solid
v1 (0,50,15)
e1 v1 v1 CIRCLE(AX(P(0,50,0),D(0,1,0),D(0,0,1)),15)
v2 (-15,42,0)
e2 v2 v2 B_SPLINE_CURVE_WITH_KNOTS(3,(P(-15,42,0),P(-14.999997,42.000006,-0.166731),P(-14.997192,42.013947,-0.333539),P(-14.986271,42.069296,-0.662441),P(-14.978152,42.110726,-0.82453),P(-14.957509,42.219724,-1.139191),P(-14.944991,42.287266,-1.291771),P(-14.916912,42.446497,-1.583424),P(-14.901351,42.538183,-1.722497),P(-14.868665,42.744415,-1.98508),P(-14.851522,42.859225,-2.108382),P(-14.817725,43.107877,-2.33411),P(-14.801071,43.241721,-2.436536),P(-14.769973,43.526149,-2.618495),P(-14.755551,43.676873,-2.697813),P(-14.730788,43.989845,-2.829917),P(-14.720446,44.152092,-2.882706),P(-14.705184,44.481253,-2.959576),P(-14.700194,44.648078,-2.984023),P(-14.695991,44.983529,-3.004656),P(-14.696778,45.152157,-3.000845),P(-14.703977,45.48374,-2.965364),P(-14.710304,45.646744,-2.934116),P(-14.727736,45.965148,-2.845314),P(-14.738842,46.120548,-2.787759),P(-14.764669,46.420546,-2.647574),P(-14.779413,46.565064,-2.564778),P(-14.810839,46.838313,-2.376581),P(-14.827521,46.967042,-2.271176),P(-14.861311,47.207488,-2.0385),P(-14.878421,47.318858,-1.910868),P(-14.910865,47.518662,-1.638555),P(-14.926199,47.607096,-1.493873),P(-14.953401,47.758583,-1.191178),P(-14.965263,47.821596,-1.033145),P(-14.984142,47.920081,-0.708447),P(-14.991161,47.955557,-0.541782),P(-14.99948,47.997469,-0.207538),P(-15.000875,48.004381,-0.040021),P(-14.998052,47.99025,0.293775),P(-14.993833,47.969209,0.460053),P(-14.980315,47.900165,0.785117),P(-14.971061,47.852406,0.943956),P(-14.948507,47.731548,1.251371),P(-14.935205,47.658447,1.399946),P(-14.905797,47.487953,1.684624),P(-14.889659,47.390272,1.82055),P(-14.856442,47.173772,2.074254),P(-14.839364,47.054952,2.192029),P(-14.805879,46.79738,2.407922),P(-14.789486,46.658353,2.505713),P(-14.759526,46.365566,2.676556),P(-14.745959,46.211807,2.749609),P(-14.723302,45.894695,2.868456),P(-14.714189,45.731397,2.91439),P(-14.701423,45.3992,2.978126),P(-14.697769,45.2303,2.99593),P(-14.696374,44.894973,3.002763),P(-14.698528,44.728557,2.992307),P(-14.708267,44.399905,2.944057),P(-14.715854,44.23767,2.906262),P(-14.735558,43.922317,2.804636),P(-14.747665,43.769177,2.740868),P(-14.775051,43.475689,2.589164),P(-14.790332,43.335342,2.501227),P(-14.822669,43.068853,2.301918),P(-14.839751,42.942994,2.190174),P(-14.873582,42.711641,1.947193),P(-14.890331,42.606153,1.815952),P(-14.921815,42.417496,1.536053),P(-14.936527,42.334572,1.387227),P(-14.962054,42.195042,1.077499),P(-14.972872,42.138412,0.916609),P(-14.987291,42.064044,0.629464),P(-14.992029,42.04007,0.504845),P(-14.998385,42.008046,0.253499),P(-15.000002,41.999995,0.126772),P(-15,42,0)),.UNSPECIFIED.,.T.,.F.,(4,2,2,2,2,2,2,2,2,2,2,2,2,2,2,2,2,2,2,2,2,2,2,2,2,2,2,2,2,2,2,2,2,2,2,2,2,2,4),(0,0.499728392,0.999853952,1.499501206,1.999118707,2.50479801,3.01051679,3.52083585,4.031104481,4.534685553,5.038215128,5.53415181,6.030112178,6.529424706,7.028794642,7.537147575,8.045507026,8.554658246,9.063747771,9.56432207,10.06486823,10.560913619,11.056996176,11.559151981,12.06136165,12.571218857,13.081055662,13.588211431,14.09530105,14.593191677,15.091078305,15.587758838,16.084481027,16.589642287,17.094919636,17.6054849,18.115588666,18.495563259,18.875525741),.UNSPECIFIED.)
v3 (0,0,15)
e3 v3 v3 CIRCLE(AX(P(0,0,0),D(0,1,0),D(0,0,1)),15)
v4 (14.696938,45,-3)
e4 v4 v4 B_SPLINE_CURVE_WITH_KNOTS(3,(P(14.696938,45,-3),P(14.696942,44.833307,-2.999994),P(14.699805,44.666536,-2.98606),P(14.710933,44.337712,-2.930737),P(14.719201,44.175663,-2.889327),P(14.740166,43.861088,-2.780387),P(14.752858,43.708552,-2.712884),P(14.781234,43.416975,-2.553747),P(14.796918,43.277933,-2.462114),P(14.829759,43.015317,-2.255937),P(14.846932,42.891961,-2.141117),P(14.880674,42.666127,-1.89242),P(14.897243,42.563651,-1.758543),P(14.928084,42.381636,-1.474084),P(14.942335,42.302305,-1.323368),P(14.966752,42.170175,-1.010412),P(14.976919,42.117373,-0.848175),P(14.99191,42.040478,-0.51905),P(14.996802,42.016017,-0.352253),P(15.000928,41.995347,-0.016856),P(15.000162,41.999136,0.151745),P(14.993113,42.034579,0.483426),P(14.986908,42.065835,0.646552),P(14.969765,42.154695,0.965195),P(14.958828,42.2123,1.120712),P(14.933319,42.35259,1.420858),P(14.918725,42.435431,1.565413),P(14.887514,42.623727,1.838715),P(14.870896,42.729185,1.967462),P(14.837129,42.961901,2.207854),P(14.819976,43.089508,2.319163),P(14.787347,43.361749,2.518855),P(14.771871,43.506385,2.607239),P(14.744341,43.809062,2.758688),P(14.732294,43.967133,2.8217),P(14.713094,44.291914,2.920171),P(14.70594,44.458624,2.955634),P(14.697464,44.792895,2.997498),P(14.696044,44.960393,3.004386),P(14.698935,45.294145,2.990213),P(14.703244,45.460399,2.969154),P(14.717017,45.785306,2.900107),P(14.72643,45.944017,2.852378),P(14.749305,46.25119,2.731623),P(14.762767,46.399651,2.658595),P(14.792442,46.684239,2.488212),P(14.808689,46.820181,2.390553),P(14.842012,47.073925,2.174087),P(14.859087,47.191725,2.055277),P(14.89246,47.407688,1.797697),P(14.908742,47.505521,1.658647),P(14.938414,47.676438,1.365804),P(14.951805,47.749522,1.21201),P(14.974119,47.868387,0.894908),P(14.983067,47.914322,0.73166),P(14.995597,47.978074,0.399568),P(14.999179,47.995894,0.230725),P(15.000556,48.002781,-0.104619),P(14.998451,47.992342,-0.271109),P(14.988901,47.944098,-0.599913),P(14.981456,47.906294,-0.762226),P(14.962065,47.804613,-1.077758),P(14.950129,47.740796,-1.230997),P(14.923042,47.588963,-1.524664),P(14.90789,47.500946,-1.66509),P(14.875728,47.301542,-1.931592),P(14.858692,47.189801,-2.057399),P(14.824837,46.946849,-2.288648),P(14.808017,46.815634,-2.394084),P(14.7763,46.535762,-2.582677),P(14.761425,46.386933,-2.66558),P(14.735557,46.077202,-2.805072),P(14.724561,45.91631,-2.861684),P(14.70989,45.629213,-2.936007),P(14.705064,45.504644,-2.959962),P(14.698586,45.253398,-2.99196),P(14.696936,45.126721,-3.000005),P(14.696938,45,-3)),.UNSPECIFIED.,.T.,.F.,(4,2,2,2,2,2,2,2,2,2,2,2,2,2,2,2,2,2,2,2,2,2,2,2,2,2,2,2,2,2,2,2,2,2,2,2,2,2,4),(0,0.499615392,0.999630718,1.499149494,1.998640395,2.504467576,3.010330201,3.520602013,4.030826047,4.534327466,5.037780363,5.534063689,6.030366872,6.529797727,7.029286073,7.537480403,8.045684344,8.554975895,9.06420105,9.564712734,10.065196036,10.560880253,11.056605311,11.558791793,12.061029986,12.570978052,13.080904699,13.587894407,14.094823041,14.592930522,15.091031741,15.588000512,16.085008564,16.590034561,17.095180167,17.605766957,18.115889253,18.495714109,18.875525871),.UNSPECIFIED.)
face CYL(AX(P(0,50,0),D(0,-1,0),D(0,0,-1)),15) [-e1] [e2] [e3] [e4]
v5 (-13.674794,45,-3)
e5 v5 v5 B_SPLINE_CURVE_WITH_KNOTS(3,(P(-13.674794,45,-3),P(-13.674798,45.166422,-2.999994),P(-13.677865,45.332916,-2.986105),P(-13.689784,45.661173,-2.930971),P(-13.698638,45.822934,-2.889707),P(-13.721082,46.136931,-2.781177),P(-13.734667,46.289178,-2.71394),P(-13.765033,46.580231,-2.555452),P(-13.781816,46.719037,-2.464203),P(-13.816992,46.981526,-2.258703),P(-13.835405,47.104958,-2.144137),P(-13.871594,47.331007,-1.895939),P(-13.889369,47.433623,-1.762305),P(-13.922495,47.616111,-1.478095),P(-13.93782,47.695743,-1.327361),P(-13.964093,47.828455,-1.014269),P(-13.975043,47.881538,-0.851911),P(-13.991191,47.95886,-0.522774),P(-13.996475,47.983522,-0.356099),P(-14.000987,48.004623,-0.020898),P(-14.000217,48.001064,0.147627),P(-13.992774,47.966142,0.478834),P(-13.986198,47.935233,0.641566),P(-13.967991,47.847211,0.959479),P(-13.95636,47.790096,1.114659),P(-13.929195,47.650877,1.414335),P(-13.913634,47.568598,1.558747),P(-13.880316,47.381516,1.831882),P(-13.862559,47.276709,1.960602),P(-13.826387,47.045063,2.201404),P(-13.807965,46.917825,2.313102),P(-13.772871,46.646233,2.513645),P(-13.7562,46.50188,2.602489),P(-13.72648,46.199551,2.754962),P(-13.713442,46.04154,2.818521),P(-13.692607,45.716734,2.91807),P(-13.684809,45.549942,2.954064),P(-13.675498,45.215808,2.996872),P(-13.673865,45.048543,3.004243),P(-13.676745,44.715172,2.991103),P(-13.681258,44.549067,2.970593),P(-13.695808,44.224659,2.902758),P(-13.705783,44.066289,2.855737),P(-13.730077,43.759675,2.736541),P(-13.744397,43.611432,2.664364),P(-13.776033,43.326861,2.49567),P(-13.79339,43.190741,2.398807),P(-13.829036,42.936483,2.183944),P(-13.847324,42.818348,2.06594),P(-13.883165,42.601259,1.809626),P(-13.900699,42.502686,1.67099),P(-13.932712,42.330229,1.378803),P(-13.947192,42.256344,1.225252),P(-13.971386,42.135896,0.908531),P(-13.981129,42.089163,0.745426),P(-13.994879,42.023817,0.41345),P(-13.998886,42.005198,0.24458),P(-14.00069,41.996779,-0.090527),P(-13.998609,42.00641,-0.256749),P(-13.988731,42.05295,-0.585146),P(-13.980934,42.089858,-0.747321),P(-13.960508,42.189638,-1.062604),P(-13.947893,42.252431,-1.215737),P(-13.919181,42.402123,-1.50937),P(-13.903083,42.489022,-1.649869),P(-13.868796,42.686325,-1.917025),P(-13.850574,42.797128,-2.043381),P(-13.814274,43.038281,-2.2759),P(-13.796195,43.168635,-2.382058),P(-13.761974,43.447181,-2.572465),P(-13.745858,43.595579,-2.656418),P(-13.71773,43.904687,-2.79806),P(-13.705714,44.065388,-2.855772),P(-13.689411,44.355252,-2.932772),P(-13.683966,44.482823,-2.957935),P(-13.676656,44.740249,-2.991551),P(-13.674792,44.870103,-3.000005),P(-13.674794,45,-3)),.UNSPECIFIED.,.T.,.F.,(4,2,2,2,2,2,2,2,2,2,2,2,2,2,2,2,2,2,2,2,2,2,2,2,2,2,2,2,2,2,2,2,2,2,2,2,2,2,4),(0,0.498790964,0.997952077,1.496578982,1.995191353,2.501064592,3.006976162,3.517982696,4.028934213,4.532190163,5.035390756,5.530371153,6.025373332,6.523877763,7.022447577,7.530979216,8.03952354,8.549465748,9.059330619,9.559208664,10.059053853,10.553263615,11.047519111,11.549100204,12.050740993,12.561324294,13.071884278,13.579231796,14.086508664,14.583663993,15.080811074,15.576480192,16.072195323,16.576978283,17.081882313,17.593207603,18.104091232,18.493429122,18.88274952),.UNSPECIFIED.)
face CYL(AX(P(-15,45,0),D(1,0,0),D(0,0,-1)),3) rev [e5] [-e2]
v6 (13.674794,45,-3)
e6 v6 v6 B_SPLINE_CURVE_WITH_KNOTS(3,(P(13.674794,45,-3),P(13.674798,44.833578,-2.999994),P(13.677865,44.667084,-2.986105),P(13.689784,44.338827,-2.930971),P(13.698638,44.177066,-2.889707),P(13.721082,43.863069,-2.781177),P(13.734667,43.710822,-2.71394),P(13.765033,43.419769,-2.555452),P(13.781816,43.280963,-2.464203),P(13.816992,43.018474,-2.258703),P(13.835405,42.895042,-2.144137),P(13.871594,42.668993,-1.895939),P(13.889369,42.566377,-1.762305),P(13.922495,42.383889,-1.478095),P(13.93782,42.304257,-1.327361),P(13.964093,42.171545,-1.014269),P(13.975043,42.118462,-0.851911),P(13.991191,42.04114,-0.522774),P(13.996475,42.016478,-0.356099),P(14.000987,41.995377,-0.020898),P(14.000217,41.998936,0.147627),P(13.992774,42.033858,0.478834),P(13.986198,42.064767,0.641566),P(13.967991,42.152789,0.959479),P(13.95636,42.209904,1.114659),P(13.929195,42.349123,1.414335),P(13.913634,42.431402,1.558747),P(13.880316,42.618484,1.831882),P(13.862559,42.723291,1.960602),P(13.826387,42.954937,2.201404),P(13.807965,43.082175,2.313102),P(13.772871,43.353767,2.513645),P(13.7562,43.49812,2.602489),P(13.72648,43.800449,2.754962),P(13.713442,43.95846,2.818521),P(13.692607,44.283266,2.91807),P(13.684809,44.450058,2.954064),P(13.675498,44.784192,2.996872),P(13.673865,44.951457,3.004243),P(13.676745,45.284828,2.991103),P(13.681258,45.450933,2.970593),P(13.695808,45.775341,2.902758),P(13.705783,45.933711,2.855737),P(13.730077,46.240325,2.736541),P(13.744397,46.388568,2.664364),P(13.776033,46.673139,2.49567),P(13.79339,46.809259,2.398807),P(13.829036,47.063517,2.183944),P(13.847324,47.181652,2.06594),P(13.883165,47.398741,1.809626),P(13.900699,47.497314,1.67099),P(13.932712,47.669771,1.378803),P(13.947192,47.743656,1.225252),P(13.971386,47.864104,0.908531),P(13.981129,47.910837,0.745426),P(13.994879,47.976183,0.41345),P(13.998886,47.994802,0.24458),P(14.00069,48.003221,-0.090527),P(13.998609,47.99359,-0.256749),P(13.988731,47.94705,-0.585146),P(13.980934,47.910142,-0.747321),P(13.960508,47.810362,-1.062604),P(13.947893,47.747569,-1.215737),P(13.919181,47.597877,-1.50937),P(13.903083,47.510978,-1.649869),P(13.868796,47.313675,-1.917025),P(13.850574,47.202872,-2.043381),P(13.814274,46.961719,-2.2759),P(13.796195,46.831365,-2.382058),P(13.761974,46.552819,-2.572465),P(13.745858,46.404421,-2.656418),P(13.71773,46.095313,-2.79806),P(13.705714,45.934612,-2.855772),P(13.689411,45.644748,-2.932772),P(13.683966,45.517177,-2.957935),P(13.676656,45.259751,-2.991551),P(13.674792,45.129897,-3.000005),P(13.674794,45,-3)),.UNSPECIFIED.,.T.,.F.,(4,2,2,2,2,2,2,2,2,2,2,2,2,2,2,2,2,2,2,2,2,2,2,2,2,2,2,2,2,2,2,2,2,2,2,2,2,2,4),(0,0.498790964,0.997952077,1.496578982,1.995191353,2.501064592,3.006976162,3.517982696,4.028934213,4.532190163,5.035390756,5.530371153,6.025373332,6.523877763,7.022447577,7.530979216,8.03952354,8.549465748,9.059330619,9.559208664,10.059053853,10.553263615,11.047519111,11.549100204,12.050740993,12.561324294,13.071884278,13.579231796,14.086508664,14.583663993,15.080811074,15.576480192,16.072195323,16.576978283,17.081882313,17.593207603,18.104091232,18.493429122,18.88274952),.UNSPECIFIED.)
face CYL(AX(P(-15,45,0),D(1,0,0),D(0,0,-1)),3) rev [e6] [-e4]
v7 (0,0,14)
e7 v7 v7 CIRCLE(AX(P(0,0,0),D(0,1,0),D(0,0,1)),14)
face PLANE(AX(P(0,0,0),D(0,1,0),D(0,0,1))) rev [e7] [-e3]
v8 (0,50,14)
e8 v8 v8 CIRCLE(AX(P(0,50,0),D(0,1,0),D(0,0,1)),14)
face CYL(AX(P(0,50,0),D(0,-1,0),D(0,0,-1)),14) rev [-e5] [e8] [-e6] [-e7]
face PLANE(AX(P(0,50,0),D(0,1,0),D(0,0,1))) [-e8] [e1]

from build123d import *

# Parameters (mm, degrees)
SKETCH1_R           = 15
SKETCH1_R_2         = 14
BOSS_EXTRUDE1_DEPTH = 50
SKETCH2_R           = 3
CUT_EXTRUDE1_DEPTH  = 15


with BuildPart() as part:
    # Sketch1 → Boss-Extrude1 (new body)
    with BuildSketch(Plane(origin=(0, 0, 0), x_dir=(1, 0, 0), z_dir=(0, 1, 0))):
        with Locations(Location((0, 0, 0), (0, 0, 270))):
            Circle(SKETCH1_R)
        with Locations(Location((0, 0, 0), (0, 0, 270))):
            Circle(SKETCH1_R_2, mode=Mode.SUBTRACT)
    extrude(amount=BOSS_EXTRUDE1_DEPTH)

    # Sketch2 → Cut-Extrude1 (cut, symmetric)
    with BuildSketch(Plane(origin=(0, 0, 0), x_dir=(0, 0, -1), z_dir=(1, 0, 0))):
        with Locations((0, 45)):
            Circle(SKETCH2_R)
    extrude(amount=CUT_EXTRUDE1_DEPTH, both=True, mode=Mode.SUBTRACT)


solid = part.part
